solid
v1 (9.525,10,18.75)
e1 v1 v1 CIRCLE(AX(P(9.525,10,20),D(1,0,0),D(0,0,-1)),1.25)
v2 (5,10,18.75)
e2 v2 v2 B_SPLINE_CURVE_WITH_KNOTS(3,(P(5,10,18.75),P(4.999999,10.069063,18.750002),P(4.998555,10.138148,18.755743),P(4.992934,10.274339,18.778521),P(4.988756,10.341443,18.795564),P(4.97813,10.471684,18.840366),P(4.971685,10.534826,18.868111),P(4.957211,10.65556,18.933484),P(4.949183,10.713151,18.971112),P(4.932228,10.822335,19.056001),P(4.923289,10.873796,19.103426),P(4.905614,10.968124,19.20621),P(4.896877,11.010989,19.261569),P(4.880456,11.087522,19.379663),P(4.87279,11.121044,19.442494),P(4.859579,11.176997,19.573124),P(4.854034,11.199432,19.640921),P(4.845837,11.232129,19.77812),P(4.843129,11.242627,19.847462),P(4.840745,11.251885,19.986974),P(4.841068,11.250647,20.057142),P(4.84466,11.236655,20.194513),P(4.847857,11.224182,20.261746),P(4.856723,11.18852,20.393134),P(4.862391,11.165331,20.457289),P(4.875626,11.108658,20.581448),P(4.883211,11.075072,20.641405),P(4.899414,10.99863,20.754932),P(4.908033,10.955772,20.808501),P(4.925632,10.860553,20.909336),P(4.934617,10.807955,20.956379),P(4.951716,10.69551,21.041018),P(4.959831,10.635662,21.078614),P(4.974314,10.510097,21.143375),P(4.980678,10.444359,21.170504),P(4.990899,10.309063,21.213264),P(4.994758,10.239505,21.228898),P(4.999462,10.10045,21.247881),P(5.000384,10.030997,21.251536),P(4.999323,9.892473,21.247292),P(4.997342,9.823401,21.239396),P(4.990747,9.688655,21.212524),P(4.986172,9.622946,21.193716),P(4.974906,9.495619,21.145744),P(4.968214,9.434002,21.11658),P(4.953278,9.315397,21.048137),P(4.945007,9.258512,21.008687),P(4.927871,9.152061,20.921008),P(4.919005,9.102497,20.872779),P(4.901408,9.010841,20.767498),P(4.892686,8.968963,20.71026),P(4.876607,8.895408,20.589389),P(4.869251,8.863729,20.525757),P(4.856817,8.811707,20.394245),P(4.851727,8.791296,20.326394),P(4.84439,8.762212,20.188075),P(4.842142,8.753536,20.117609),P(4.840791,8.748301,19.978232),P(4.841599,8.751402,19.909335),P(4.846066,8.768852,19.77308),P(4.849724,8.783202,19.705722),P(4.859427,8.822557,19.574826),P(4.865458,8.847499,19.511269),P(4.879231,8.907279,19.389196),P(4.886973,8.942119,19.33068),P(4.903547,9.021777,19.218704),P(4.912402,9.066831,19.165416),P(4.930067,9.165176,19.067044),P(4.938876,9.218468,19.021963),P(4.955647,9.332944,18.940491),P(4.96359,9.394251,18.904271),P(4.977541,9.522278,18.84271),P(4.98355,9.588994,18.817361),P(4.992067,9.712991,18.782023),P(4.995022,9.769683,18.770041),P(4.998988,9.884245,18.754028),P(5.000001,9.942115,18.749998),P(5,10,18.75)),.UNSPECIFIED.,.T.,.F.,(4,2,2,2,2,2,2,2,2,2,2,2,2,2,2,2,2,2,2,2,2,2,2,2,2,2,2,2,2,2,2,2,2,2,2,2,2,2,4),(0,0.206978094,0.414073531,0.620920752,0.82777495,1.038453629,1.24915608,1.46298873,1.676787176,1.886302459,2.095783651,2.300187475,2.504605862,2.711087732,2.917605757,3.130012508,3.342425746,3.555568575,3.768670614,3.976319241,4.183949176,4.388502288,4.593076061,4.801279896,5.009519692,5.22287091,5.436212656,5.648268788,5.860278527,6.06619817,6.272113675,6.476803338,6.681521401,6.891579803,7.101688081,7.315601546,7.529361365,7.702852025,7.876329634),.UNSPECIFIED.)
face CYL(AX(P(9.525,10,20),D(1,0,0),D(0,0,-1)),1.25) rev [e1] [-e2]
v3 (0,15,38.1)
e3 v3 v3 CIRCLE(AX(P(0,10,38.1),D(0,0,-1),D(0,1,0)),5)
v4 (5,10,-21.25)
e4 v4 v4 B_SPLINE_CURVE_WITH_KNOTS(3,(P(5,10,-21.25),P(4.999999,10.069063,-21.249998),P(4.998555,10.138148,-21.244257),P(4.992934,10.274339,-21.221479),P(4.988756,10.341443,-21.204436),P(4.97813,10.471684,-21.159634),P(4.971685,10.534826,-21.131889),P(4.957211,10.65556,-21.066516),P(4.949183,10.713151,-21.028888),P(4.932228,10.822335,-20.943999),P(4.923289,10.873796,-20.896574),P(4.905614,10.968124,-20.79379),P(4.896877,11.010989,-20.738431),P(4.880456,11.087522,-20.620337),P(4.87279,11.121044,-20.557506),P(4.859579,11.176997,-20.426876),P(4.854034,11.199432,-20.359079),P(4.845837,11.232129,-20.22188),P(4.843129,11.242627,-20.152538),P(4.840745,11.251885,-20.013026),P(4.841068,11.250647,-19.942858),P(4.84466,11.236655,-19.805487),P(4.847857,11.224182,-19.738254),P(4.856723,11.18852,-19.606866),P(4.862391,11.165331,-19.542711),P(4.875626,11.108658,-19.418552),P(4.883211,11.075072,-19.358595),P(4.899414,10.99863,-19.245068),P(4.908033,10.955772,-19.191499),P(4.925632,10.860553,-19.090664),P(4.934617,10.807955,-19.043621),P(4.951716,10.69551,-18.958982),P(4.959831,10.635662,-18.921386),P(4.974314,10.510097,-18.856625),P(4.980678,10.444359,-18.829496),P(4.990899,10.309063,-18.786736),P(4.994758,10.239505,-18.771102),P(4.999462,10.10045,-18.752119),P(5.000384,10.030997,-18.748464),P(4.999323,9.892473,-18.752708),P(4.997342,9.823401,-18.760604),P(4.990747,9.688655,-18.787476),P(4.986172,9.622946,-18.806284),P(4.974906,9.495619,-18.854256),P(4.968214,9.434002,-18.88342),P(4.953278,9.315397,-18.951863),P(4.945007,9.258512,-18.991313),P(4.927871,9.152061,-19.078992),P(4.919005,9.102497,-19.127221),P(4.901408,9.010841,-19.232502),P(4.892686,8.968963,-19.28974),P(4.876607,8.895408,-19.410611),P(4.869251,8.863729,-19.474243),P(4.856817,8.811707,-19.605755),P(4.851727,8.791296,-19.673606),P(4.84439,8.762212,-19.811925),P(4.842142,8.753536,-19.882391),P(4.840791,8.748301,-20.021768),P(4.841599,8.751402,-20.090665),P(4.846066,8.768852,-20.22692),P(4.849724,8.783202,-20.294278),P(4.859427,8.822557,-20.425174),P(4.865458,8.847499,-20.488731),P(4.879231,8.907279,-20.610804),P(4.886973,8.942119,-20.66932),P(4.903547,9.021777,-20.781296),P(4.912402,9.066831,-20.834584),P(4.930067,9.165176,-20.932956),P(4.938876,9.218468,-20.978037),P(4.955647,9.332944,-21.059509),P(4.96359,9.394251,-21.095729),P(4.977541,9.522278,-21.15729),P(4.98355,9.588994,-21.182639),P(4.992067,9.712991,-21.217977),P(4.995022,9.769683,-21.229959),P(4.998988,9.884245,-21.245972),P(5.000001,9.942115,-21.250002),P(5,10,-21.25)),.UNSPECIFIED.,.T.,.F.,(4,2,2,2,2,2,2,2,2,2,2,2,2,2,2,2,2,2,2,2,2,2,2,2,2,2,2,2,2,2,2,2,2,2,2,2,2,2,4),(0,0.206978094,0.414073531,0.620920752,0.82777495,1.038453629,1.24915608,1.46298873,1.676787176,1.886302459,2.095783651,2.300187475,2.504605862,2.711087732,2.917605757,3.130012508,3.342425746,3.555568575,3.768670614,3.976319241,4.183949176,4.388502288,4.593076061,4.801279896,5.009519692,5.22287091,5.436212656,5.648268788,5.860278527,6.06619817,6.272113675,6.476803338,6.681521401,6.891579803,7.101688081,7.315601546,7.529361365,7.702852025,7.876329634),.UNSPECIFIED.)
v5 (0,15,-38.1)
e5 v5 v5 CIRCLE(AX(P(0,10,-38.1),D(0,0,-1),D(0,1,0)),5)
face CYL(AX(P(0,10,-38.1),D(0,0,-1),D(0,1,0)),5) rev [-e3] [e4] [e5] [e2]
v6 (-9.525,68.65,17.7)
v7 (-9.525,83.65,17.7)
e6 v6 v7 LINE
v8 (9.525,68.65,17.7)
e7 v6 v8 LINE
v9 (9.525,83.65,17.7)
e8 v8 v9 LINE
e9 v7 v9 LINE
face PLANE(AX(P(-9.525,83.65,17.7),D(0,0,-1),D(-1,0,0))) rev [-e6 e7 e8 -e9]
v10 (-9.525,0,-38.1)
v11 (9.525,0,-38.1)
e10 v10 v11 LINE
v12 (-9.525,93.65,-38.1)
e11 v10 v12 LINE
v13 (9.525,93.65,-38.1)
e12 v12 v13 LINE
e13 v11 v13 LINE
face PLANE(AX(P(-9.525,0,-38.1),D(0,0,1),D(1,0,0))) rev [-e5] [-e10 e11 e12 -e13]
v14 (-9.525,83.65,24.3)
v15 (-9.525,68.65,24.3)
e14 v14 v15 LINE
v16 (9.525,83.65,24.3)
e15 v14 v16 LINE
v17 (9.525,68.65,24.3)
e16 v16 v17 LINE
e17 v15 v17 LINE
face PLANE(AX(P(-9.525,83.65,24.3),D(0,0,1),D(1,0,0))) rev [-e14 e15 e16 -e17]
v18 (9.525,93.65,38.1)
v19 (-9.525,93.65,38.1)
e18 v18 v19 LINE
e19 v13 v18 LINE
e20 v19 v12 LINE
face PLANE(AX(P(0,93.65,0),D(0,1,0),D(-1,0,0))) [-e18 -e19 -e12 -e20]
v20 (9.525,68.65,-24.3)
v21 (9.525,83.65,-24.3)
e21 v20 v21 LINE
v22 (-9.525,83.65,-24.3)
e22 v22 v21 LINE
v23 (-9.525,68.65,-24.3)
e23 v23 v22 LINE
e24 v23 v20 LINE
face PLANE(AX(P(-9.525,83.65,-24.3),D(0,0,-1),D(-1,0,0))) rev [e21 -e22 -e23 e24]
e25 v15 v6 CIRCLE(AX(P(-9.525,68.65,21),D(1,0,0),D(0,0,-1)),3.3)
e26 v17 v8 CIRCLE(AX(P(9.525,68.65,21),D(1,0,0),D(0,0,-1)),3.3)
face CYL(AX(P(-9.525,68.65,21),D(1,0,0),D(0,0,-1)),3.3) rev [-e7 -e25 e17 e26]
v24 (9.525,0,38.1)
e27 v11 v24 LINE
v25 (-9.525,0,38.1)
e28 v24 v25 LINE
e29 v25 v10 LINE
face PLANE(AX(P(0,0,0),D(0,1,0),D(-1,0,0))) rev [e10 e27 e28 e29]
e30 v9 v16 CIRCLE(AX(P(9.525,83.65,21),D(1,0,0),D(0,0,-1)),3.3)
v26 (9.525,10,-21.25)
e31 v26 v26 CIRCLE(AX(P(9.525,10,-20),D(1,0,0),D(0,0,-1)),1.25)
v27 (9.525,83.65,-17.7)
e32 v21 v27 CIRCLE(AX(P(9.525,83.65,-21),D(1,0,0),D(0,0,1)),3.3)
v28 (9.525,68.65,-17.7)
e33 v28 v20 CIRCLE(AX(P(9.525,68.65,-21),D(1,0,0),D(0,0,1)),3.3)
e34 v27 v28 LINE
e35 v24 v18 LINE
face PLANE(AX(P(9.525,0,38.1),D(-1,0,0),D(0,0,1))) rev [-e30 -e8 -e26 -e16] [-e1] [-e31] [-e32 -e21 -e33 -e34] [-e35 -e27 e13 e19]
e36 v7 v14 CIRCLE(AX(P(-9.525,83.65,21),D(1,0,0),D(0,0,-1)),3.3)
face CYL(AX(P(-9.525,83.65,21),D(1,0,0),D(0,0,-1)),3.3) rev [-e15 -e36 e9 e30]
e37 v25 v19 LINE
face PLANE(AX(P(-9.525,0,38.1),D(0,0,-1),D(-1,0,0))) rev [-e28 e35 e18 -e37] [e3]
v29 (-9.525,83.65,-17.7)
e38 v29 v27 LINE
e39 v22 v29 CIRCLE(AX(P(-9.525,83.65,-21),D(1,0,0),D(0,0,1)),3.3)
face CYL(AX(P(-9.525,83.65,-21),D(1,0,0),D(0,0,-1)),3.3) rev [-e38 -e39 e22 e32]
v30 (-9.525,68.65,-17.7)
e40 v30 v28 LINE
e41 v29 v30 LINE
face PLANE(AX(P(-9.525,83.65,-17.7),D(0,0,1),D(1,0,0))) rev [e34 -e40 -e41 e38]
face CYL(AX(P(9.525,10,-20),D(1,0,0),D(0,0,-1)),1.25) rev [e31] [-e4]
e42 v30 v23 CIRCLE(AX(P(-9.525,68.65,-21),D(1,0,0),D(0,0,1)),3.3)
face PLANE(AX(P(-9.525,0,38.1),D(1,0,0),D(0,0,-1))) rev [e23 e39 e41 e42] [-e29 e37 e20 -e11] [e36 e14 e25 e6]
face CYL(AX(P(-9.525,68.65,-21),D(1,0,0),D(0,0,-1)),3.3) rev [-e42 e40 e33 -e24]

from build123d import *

# Parameters (mm, degrees)
CROQUIS11_W                       = 76.2
CROQUIS11_H                       = 19.05
AL_SOLID_PROFILES_3_X_0_5_1_DEPTH = 93.65
CORTAR_EXTRUIR1_DEPTH             = 103.882627299
DI_METRO_DE_TALADRO_10_0_10_1_D   = 10
TALADRO_ROSCADO_M31_REACH         = 104.883
TALADRO_ROSCADO_M31_BORE_R        = 1.25


with BuildPart() as part:
    # Croquis11 → Al solid profiles 3 X 0.5(1) (new body)
    with BuildSketch(Plane(origin=(0, 93.65, 0), x_dir=(0, 0, 1), z_dir=(0, -1, 0))):
        Rectangle(CROQUIS11_W, CROQUIS11_H)
    extrude(amount=AL_SOLID_PROFILES_3_X_0_5_1_DEPTH)

    # Croquis12 → Cortar-Extruir1 (cut, through all)
    with BuildSketch(Plane(origin=(9.525, 0, 0), x_dir=(0, 0, -1), z_dir=(1, 0, 0))):
        with BuildLine():
            Line((-17.7, 83.65), (-17.7, 68.65))
            ThreePointArc((-17.7, 68.65), (-21, 65.35), (-24.3, 68.65))
            Line((-24.3, 68.65), (-24.3, 83.65))
            ThreePointArc((-24.3, 83.65), (-21, 86.95), (-17.7, 83.65))
        make_face()
        with BuildLine():
            Line((17.7, 83.65), (17.7, 68.65))
            ThreePointArc((17.7, 68.65), (21, 65.35), (24.3, 68.65))
            Line((24.3, 68.65), (24.3, 83.65))
            ThreePointArc((24.3, 83.65), (21, 86.95), (17.7, 83.65))
        make_face()
    extrude(amount=-CORTAR_EXTRUIR1_DEPTH, mode=Mode.SUBTRACT)

    # Diámetro de taladro Ø10.0 (10)1 (through all)
    with Locations(Plane(origin=(0, 0, -38.1), x_dir=(-1, 0, 0), z_dir=(0, 0, -1))):
        with Locations((0, 10)):
            Hole(DI_METRO_DE_TALADRO_10_0_10_1_D / 2)

    # Taladro roscado M31 bore → Taladro roscado M31 (cut, up to next)
    with BuildSketch(Plane(origin=(9.525, 0, 0), x_dir=(0, 0, -1), z_dir=(1, 0, 0)), mode=Mode.PRIVATE) as taladro_roscado_m31_sk1:
        with Locations((20, 10)):
            Circle(TALADRO_ROSCADO_M31_BORE_R)
    taladro_roscado_m31_tool1 = extrude(taladro_roscado_m31_sk1.sketch, amount=-TALADRO_ROSCADO_M31_REACH, mode=Mode.PRIVATE) & part.part
    # Taladro roscado M31 bore → Taladro roscado M31 (cut, up to next)
    with BuildSketch(Plane(origin=(9.525, 0, 0), x_dir=(0, 0, -1), z_dir=(1, 0, 0)), mode=Mode.PRIVATE) as taladro_roscado_m31_sk2:
        with Locations((-20, 10)):
            Circle(TALADRO_ROSCADO_M31_BORE_R)
    taladro_roscado_m31_tool2 = extrude(taladro_roscado_m31_sk2.sketch, amount=-TALADRO_ROSCADO_M31_REACH, mode=Mode.PRIVATE) & part.part
    add(taladro_roscado_m31_tool1.solids().sort_by_distance((9.525, 10, -20))[0], mode=Mode.SUBTRACT)
    add(taladro_roscado_m31_tool2.solids().sort_by_distance((9.525, 10, 20))[0], mode=Mode.SUBTRACT)


solid = part.part
